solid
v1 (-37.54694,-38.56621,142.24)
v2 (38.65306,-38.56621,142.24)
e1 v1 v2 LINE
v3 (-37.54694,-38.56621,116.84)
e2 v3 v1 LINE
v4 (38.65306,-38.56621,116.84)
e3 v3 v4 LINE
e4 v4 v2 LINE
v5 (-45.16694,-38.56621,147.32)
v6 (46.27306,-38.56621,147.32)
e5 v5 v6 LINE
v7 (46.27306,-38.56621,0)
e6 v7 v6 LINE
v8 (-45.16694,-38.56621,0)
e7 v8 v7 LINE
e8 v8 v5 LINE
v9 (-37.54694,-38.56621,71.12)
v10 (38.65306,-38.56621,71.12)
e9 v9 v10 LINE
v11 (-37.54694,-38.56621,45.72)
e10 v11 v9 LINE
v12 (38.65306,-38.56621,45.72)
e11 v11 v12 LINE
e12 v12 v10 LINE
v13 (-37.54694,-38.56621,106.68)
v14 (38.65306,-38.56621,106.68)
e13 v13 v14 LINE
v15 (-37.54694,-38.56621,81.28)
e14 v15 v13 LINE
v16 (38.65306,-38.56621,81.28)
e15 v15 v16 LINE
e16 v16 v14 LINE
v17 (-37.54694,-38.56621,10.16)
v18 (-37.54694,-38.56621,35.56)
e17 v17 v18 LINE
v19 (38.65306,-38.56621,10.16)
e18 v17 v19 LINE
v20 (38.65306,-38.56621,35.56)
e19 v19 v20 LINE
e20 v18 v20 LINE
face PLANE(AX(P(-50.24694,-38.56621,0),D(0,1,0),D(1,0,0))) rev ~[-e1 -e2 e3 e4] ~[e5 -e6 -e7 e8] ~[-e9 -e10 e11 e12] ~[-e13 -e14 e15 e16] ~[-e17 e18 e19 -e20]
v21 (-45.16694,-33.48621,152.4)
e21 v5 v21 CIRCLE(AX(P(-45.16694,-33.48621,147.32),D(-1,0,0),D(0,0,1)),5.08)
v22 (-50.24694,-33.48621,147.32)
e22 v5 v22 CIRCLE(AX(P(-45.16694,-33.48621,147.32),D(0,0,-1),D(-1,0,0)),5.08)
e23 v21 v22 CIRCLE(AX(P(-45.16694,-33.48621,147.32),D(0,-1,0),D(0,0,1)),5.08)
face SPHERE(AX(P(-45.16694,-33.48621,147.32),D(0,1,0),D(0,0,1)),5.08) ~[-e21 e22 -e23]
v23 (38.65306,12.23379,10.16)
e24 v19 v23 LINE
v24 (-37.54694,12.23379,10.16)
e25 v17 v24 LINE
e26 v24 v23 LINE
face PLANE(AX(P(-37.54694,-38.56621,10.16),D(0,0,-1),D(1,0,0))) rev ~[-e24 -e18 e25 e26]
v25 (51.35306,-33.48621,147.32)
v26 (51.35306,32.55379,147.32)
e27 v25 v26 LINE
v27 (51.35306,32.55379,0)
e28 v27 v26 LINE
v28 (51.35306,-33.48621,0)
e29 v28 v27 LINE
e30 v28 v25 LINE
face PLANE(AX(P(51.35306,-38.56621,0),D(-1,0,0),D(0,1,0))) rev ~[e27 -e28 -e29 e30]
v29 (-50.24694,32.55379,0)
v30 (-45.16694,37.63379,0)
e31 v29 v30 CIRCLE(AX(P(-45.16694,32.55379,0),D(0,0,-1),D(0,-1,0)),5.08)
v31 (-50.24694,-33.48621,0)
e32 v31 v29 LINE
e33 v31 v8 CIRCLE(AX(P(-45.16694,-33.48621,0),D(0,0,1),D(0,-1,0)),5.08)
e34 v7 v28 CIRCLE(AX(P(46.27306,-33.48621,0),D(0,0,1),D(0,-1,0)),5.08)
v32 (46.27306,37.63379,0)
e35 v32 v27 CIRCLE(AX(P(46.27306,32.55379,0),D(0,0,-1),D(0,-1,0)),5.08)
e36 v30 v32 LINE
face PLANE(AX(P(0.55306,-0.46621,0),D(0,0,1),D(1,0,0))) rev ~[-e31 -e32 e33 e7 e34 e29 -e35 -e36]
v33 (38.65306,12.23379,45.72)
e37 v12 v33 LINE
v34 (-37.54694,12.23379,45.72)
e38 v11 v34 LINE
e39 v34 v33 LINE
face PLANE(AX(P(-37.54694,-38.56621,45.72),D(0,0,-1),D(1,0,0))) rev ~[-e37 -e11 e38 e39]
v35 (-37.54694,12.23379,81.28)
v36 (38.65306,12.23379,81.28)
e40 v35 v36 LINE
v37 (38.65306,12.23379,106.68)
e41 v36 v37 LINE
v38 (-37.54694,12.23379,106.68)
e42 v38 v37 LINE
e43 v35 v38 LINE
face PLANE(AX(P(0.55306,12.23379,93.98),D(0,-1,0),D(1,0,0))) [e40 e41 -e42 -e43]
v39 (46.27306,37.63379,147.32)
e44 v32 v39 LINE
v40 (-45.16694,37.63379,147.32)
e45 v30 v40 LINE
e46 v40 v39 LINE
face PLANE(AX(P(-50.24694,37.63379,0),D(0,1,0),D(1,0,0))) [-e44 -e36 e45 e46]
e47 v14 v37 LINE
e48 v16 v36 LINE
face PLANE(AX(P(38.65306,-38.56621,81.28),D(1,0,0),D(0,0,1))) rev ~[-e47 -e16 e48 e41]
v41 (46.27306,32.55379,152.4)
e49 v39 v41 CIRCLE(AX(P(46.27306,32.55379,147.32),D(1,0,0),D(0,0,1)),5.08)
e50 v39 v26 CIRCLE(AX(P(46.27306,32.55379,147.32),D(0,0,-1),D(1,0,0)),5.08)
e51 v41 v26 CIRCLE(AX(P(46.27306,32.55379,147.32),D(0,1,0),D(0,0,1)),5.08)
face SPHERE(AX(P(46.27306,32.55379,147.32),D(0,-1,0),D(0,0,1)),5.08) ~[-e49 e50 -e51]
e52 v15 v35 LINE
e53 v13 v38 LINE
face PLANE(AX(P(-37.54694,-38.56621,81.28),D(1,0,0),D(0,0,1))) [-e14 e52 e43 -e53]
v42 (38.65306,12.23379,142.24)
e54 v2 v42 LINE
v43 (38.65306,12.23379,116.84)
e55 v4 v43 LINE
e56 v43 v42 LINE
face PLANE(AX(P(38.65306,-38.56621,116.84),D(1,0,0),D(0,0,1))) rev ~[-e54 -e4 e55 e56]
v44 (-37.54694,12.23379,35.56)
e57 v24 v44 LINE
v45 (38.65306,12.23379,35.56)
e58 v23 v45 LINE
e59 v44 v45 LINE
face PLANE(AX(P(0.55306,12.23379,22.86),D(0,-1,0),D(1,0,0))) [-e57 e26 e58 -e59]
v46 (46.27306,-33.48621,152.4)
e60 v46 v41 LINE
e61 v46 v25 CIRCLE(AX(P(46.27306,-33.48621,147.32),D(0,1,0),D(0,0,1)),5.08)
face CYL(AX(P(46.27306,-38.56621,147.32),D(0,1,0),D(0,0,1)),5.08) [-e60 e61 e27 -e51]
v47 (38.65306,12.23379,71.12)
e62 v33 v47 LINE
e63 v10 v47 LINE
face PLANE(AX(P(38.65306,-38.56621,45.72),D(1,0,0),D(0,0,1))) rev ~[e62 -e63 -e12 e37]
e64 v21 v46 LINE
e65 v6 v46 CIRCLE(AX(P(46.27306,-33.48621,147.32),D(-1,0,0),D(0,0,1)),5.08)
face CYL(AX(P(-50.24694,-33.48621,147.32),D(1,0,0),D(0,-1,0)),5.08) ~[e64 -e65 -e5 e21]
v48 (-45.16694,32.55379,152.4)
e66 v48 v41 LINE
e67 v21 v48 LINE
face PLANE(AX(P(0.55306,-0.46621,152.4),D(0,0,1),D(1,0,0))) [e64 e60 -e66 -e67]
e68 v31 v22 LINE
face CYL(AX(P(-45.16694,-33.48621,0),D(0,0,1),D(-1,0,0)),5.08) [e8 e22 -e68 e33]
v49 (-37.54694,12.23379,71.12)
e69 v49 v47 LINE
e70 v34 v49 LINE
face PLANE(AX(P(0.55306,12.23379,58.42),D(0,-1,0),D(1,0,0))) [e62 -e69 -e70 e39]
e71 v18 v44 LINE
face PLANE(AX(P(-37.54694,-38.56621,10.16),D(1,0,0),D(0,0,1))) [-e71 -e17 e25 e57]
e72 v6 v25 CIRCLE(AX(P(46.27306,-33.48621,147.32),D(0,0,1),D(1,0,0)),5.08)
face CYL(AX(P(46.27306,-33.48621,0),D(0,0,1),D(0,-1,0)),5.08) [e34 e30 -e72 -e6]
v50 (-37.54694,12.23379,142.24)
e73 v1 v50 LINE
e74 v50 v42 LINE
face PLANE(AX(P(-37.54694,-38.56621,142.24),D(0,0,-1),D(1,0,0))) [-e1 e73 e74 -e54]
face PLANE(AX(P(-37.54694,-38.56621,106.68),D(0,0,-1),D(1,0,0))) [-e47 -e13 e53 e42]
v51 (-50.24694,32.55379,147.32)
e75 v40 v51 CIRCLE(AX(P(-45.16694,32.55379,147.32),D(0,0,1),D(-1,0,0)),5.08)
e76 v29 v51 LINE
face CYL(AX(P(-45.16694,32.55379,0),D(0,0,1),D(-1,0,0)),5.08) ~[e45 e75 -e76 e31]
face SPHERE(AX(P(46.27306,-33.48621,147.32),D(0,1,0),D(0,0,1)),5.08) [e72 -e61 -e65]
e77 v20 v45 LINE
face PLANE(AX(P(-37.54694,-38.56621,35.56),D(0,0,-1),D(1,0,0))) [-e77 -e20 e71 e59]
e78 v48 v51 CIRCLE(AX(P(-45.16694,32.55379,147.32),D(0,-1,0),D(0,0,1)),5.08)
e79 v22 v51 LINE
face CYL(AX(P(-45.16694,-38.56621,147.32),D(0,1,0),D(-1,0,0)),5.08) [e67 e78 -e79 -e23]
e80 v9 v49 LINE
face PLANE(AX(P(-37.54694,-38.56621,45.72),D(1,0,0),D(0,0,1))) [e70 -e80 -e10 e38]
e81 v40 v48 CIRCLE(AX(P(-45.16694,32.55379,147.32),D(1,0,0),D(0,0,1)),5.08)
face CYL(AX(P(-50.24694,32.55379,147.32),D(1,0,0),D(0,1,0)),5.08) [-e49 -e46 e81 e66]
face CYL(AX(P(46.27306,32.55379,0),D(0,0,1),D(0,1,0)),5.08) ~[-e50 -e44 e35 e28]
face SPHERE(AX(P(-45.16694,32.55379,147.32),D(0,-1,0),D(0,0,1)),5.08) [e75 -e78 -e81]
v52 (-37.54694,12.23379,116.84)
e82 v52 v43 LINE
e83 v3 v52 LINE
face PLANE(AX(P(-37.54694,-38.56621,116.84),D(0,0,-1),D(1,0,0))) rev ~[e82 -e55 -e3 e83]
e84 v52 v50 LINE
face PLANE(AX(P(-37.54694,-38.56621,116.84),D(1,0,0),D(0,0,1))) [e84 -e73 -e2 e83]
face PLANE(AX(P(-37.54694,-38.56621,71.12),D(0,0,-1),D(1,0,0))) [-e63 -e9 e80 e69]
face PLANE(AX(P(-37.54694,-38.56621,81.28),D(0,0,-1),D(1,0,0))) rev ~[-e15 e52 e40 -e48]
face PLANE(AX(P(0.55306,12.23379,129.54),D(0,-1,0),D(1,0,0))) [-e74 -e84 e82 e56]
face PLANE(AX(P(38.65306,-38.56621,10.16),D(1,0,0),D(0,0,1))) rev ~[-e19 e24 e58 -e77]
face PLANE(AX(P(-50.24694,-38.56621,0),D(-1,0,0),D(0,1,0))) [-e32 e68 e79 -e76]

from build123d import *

# Parameters (mm, degrees)
F0_W     = 101.6
F0_H     = 76.2
F1_DEPTH = 152.4
F2_W     = 76.2
F2_H     = 25.4
F3_DEPTH = 50.8
F4_R     = 5.08


with BuildPart() as f1:
    # F0 (on Top) → F1 (new body)
    with BuildSketch(Plane.XY):
        with Locations((0.55306, -0.46621)):
            Rectangle(F0_W, F0_H)
    extrude(amount=F1_DEPTH)

    # F2 (on face) → F3 (cut)
    with BuildSketch(Plane.XZ.offset(38.56621)):
        with Locations((0.55306, 93.98)):
            Rectangle(F2_W, F2_H)
        with Locations((0.55306, 129.54)):
            Rectangle(F2_W, F2_H)
        with Locations((0.55306, 58.42)):
            Rectangle(F2_W, F2_H)
        with Locations((0.55306, 22.86)):
            Rectangle(F2_W, F2_H)
    extrude(amount=-F3_DEPTH, mode=Mode.SUBTRACT)

    # F4
    f4_edges = [f1.edges().sort_by_distance(p)[0] for p in [
        (51.35306, -0.46621, 152.4),
        (-50.24694, -0.46621, 152.4),
        (0.55306, -38.56621, 152.4),
        (0.55306, 37.63379, 152.4),
        (51.35306, -38.56621, 76.2),
        (-50.24694, -38.56621, 76.2),
        (51.35306, 37.63379, 76.2),
        (-50.24694, 37.63379, 76.2),
    ]]
    fillet(f4_edges, radius=F4_R)


solid = f1.part
